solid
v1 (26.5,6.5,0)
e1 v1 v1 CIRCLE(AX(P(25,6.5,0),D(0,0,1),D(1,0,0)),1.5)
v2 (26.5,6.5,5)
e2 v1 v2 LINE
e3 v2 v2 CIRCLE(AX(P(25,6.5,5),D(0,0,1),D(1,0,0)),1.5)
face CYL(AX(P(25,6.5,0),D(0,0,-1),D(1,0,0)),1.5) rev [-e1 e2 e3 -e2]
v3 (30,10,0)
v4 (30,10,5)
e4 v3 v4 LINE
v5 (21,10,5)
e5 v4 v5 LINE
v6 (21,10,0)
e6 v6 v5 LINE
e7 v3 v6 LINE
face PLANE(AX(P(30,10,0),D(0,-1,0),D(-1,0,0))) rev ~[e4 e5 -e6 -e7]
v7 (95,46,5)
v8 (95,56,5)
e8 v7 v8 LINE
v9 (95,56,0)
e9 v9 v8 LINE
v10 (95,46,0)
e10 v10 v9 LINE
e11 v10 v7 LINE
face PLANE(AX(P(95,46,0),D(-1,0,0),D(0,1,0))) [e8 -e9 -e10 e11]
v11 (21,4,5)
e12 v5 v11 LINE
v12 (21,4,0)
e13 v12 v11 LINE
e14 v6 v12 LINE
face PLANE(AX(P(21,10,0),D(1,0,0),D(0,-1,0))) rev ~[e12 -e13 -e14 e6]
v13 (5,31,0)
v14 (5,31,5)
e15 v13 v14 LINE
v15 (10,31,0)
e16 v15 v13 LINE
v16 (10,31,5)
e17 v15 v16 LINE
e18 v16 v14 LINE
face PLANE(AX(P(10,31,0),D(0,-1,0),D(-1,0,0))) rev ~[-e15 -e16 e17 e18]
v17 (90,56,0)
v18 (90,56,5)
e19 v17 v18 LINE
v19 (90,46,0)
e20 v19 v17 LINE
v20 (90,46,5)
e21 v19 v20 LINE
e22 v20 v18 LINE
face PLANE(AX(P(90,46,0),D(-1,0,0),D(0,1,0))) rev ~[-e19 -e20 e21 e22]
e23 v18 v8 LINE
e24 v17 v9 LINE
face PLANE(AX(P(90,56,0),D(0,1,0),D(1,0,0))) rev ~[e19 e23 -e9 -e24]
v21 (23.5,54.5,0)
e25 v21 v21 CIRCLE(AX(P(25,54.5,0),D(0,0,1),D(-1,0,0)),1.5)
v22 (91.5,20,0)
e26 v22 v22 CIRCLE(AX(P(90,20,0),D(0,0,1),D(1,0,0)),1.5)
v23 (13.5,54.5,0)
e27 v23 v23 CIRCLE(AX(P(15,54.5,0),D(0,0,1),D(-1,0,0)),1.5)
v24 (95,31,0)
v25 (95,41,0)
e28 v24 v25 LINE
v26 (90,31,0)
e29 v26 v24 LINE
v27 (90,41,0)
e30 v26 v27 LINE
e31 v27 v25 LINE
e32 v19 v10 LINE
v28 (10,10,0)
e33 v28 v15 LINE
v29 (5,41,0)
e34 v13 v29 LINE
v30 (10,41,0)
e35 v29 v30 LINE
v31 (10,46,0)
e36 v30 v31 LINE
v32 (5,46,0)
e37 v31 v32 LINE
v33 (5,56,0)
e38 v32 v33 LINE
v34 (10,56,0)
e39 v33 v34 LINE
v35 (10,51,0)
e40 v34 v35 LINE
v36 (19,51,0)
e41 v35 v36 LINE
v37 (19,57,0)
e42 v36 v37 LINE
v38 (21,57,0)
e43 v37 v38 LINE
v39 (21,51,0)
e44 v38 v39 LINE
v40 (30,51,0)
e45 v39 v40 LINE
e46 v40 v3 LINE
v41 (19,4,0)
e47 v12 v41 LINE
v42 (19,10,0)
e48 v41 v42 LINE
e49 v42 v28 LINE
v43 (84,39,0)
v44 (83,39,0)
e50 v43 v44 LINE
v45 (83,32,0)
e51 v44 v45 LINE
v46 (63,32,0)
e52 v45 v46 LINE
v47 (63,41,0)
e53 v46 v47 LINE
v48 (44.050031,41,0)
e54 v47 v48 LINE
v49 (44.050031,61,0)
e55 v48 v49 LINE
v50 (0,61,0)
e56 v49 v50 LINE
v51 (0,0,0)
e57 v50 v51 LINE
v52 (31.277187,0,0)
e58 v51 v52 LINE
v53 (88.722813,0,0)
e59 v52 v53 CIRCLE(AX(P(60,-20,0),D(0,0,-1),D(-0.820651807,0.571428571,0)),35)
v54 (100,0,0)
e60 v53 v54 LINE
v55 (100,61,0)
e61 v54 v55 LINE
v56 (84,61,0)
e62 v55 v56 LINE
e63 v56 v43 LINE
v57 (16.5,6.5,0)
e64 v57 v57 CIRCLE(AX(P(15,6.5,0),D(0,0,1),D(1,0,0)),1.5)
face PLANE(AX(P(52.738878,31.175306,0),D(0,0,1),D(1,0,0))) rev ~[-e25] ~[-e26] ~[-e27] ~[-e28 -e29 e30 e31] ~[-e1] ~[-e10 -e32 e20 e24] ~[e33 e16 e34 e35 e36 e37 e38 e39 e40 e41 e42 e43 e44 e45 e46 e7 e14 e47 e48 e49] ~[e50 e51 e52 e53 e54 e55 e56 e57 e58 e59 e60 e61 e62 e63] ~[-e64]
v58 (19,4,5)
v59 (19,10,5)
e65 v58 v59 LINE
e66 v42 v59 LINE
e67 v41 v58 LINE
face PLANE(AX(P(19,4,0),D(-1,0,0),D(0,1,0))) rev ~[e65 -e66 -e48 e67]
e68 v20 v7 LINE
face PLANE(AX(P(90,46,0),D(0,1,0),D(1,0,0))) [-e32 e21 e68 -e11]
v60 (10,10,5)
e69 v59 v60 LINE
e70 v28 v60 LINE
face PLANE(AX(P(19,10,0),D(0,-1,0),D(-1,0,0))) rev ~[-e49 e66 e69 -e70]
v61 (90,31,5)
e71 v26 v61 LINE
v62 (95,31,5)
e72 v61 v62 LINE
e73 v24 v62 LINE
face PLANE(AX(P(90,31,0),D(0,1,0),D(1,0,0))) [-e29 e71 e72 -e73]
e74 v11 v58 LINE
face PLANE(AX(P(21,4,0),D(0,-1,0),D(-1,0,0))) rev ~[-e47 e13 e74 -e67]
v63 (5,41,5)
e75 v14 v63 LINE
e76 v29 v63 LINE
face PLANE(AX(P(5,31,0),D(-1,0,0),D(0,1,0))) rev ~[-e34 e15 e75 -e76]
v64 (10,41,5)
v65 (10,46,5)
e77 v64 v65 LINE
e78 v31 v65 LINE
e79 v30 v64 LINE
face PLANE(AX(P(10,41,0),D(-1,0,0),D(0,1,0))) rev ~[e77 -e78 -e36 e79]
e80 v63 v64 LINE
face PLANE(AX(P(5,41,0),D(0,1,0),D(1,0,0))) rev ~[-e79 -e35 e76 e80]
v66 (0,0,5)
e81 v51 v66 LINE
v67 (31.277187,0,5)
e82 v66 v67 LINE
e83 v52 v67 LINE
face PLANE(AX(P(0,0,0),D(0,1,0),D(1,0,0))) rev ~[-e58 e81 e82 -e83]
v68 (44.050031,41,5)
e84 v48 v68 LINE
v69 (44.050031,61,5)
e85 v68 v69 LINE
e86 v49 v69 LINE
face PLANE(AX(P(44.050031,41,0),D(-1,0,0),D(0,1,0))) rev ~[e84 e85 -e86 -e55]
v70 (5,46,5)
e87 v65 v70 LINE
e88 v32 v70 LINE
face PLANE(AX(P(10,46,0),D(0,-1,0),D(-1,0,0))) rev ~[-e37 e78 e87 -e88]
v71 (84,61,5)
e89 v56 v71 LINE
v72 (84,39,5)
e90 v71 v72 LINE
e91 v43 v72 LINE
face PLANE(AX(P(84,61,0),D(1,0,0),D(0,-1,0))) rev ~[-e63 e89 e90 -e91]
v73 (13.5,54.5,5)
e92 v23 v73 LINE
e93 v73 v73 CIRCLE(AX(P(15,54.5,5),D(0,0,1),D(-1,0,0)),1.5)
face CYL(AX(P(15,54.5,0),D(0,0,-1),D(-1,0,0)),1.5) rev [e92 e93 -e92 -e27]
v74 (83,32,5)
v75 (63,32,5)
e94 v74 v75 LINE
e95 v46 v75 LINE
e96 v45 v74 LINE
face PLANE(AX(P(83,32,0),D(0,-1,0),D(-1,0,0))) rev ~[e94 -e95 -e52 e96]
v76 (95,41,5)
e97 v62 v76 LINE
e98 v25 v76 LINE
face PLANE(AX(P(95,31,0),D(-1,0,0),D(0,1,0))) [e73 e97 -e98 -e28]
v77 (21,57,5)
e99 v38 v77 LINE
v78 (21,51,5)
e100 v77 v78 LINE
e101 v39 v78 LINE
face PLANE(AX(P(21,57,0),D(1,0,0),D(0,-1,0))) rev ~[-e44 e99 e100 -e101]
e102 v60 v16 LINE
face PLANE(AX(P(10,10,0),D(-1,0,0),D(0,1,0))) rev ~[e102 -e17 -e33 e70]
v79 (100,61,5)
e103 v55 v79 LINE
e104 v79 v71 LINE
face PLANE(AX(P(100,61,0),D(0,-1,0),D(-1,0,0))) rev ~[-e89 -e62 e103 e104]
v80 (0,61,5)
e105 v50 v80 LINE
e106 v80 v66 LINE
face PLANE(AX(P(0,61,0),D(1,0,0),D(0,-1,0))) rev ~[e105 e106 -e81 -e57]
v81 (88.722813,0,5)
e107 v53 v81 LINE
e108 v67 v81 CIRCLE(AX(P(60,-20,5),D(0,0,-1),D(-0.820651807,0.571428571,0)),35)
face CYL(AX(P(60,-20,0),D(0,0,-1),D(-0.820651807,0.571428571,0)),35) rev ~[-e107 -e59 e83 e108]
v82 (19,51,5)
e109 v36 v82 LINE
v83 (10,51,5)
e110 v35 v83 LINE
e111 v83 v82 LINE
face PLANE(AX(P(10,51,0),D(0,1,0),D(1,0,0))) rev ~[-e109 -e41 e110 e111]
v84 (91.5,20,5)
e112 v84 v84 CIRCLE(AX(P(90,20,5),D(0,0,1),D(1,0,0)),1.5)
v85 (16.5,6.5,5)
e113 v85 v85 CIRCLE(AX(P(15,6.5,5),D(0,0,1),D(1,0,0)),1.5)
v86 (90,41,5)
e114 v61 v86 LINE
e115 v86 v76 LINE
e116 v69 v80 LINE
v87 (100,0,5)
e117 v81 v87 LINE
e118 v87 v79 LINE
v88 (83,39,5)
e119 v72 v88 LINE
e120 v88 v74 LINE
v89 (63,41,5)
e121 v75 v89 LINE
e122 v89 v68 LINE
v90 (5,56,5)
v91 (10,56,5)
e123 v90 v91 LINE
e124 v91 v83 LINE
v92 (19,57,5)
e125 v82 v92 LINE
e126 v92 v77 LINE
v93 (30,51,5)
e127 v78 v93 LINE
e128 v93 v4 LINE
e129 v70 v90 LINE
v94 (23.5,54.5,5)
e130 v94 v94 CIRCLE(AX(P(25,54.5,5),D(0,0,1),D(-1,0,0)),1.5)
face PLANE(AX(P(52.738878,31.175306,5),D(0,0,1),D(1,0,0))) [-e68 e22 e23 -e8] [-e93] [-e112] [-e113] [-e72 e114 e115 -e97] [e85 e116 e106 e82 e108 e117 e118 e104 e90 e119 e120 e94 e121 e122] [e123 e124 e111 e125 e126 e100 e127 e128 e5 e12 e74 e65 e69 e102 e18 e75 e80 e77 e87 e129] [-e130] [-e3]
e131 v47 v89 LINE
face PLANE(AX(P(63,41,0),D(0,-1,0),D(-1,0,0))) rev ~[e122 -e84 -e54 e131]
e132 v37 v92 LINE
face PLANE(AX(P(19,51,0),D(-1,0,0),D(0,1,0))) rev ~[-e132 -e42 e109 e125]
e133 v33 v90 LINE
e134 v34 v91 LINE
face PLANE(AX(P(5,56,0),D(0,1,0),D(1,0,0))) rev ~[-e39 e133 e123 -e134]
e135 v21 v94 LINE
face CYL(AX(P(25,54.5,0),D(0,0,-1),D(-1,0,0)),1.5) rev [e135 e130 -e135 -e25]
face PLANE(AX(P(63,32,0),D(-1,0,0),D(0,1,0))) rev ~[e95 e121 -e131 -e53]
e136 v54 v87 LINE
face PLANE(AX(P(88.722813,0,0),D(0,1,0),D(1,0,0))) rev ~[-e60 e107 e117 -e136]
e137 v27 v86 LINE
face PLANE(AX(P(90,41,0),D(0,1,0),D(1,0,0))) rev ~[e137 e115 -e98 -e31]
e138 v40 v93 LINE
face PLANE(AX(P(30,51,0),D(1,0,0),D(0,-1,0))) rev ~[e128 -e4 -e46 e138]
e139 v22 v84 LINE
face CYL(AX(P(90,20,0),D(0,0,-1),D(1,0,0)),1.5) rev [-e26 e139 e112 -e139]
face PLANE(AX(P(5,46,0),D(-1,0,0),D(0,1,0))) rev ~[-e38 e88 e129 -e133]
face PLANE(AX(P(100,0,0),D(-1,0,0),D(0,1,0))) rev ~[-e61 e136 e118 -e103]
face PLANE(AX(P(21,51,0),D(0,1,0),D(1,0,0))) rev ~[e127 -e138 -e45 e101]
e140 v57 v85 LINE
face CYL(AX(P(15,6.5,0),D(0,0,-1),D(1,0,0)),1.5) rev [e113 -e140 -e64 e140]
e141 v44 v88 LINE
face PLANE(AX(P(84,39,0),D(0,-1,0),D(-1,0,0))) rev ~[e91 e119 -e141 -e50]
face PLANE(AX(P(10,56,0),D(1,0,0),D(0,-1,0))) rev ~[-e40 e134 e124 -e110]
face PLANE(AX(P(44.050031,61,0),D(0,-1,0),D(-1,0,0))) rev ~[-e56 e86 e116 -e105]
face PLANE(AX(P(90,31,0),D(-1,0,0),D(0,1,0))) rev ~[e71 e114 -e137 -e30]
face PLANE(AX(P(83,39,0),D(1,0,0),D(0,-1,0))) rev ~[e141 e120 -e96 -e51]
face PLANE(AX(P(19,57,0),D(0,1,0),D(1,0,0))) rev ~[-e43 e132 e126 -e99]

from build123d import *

# Parameters (mm, degrees)
ESQUISSE1_R        = 1.5
ESQUISSE1_W        = 5
ESQUISSE1_H        = 10
BOSS_EXTRU_1_DEPTH = 5


with BuildPart() as part:
    # Esquisse1 → Boss.-Extru.1 (new body)
    with BuildSketch(Plane.XY):
        with BuildLine():
            Line((0, 0), (31.277186767, 0))
            ThreePointArc((31.277186767, 0), (60, 15), (88.722813233, 0))
            Line((88.722813233, 0), (100, 0))
            Line((100, 0), (100, 61))
            Line((100, 61), (84, 61))
            Line((84, 61), (84, 39))
            Line((84, 39), (83, 39))
            Line((83, 39), (83, 32))
            Line((83, 32), (63, 32))
            Line((63, 32), (63, 41))
            Line((63, 41), (44.050031289, 41))
            Line((44.050031289, 41), (44.050031289, 61))
            Line((44.050031289, 61), (0, 61))
            Line((0, 61), (0, 0))
        make_face()
        with Locations((15, 6.5)):
            Circle(ESQUISSE1_R, mode=Mode.SUBTRACT)
        with Locations((25, 6.5)):
            Circle(ESQUISSE1_R, mode=Mode.SUBTRACT)
        with Locations(Location((25, 54.5, 0), (0, 0, 180))):
            Circle(ESQUISSE1_R, mode=Mode.SUBTRACT)
        with Locations(Location((15, 54.5, 0), (0, 0, 180))):
            Circle(ESQUISSE1_R, mode=Mode.SUBTRACT)
        with Locations((90, 20)):
            Circle(ESQUISSE1_R, mode=Mode.SUBTRACT)
        Polygon((10, 51), (19, 51), (19, 57), (21, 57), (21, 51), (30, 51), (30, 10), (21, 10), (21, 4), (19, 4), (19, 10), (10, 10), (10, 31), (5, 31), (5, 41), (10, 41), (10, 46), (5, 46), (5, 56), (10, 56), align=None, mode=Mode.SUBTRACT)
        with Locations((92.5, 51)):
            Rectangle(ESQUISSE1_W, ESQUISSE1_H, mode=Mode.SUBTRACT)
        with Locations((92.5, 36)):
            Rectangle(ESQUISSE1_W, ESQUISSE1_H, mode=Mode.SUBTRACT)
    extrude(amount=BOSS_EXTRU_1_DEPTH)


solid = part.part
